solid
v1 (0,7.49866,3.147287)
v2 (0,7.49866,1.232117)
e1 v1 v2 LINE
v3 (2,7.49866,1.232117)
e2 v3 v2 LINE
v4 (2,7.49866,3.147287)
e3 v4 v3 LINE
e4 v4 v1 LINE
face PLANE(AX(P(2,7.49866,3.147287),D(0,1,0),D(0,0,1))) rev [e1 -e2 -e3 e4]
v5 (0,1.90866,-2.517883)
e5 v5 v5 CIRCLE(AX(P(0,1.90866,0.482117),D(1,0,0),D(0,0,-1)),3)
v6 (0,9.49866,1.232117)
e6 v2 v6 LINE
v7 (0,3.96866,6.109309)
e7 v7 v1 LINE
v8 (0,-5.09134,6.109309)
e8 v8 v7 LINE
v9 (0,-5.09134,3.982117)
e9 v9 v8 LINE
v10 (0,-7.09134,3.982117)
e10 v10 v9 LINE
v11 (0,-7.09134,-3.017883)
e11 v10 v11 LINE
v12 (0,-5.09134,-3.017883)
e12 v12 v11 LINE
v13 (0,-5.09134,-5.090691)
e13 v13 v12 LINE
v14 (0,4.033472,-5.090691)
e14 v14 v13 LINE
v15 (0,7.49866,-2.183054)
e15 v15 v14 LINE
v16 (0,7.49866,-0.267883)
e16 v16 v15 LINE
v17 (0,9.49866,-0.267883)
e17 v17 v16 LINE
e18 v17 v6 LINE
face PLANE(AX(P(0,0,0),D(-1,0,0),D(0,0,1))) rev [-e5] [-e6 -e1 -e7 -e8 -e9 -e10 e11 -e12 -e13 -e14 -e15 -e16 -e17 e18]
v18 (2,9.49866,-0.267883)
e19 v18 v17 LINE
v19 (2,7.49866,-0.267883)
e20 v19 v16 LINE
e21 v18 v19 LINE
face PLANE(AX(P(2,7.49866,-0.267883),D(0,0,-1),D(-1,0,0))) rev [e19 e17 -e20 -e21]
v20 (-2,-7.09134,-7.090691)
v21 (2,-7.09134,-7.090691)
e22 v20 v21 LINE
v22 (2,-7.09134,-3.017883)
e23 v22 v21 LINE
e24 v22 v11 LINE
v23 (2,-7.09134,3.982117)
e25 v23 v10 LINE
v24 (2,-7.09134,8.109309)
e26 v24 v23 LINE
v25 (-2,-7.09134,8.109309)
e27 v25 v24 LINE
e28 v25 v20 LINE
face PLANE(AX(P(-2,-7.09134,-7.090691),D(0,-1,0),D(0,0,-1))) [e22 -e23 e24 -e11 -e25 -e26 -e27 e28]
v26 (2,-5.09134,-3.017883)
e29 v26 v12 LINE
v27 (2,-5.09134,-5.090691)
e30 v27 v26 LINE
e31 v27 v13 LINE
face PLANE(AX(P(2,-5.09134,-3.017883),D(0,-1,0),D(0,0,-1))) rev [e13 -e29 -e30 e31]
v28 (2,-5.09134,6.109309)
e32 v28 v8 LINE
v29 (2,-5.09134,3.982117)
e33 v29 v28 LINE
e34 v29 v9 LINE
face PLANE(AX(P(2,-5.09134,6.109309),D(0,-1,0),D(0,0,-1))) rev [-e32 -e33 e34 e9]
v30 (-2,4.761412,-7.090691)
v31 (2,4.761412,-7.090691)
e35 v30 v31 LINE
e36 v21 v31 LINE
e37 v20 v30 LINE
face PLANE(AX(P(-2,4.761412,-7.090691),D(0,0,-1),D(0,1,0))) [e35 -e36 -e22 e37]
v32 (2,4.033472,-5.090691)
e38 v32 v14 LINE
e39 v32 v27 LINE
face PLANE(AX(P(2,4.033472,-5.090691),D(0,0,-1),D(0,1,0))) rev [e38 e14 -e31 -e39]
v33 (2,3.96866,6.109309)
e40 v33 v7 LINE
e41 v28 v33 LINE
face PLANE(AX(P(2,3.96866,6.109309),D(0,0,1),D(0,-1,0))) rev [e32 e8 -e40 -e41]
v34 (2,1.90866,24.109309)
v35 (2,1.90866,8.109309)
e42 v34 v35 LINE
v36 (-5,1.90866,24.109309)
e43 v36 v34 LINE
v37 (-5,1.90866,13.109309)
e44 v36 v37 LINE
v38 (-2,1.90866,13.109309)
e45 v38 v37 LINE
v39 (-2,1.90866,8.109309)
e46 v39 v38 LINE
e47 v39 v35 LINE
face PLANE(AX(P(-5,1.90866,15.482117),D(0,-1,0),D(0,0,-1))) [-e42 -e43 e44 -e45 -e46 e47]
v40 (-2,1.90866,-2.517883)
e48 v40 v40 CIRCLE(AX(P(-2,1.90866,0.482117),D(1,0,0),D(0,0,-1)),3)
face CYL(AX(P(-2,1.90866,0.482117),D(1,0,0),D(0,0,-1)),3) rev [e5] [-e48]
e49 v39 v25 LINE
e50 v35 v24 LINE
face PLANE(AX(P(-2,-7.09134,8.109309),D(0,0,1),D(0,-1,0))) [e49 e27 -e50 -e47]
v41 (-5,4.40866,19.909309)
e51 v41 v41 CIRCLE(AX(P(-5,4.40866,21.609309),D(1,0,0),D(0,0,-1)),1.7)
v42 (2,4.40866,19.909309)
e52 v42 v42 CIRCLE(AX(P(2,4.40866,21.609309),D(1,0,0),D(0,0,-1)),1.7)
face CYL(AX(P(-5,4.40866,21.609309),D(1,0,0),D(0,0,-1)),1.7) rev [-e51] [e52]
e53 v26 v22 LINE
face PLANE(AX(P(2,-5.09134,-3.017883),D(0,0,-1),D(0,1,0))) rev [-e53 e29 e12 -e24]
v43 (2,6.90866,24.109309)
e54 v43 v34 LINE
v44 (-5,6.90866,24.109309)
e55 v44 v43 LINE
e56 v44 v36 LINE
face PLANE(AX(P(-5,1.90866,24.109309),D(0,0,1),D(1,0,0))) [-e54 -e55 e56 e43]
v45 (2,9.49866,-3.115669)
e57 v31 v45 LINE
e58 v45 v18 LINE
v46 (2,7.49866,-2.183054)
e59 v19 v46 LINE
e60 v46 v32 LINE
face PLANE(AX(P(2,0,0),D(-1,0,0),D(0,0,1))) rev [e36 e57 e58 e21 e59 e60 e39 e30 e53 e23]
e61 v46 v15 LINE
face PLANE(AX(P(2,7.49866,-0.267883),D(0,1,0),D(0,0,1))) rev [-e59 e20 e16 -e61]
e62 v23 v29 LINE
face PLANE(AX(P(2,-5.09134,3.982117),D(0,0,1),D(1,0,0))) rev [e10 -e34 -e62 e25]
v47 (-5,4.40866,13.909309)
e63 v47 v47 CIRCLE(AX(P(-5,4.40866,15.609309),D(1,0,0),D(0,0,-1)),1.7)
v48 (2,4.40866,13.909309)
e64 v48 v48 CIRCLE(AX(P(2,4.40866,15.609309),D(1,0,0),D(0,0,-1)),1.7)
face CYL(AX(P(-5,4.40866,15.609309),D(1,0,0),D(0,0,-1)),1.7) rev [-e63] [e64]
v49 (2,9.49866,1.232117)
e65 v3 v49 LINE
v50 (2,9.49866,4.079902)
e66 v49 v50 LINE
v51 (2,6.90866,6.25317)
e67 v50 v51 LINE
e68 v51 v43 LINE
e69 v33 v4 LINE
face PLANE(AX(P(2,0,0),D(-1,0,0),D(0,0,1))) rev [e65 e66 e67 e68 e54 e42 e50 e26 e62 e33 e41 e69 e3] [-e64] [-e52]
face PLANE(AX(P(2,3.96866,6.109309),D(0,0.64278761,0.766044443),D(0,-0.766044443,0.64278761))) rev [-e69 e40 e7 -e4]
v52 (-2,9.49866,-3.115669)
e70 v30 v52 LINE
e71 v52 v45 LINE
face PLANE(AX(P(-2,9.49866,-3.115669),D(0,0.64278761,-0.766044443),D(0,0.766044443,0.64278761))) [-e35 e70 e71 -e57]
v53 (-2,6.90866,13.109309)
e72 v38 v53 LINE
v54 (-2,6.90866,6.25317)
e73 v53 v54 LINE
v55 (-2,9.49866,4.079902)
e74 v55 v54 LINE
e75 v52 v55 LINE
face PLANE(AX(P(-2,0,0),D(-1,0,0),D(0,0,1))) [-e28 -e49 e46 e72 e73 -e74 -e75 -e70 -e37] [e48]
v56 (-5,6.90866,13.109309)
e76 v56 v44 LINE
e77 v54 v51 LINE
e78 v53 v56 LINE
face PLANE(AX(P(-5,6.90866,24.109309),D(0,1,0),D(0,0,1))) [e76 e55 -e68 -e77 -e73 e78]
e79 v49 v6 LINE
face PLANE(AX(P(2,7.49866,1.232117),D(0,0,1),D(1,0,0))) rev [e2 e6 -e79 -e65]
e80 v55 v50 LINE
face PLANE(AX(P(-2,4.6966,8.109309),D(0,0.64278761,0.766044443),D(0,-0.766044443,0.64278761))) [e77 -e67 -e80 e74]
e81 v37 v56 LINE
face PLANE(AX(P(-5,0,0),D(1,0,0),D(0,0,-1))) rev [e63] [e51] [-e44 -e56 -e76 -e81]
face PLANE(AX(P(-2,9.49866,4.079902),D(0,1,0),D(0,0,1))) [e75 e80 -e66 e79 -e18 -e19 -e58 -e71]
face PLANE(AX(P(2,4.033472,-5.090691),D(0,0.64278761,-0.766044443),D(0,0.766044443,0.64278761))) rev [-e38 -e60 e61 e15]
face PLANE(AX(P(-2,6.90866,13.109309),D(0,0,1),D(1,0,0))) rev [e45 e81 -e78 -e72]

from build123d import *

# Parameters (mm, degrees)
BOSS_EXTRUDE1_DEPTH = 2
BOSS_EXTRUDE2_DEPTH = 2
SKETCH3_R           = 3
CUT_EXTRUDE1_DEPTH  = 2
SKETCH4_R           = 1.7
BOSS_EXTRUDE3_DEPTH = 7
CUT_EXTRUDE2_DEPTH  = 3


with BuildPart() as part:
    # Sketch2 → Boss-Extrude1 (new body)
    with BuildSketch(Plane(origin=(0, 0, 0), x_dir=(0, 0, -1), z_dir=(1, 0, 0))):
        Polygon((-8.109308511, -7.091340238), (-8.109308511, 4.696600231), (-4.079902129, 9.498659762), (3.11566899, 9.498659762), (7.090691489, 4.761412419), (7.090691489, -7.091340238), align=None)
    extrude(amount=-BOSS_EXTRUDE1_DEPTH)

    # Sketch1 → Boss-Extrude2 (add)
    with BuildSketch(Plane(origin=(0, 0, 0), x_dir=(0, 0, -1), z_dir=(1, 0, 0))):
        Polygon((-6.109308511, 3.968659762), (-3.147286813, 7.498659762), (-1.232116569, 7.498659762), (-1.232116569, 9.498659762), (-4.079902129, 9.498659762), (-8.109308511, 4.696600231), (-8.109308511, -7.091340238), (-3.982116569, -7.091340238), (-3.982116569, -5.091340238), (-6.109308511, -5.091340238), align=None)
        Polygon((5.090691489, 4.03347195), (5.090691489, -5.091340238), (3.017883431, -5.091340238), (3.017883431, -7.091340238), (7.090691489, -7.091340238), (7.090691489, 4.761412419), (3.11566899, 9.498659762), (0.267883431, 9.498659762), (0.267883431, 7.498659762), (2.183053674, 7.498659762), align=None)
    extrude(amount=BOSS_EXTRUDE2_DEPTH)

    # Sketch3 → Cut-Extrude1 (cut)
    with BuildSketch(Plane(origin=(0, 0, 0), x_dir=(0, 0, -1), z_dir=(1, 0, 0))):
        with Locations((-0.482116569, 1.908659762)):
            Circle(SKETCH3_R)
    extrude(amount=-CUT_EXTRUDE1_DEPTH, mode=Mode.SUBTRACT)

    # Sketch4 → Boss-Extrude3 (add)
    with BuildSketch(Plane(origin=(2, 0, 0), x_dir=(0, 0, -1), z_dir=(1, 0, 0))):
        Polygon((-15.482116569, 1.908659762), (-8.109308511, 1.908659762), (-8.109308511, 4.696600231), (-6.253170174, 6.908659762), (-20.486049047, 6.908659762), (-24.109308511, 6.908659762), (-24.109308511, 1.908659762), align=None)
        with Locations((-15.609308511, 4.408659762)):
            Circle(SKETCH4_R, mode=Mode.SUBTRACT)
        with Locations((-21.609308511, 4.408659762)):
            Circle(SKETCH4_R, mode=Mode.SUBTRACT)
    extrude(amount=-BOSS_EXTRUDE3_DEPTH)

    # Sketch5 → Cut-Extrude2 (cut)
    with BuildSketch(Plane.ZY.offset(5)):
        Polygon((8.109308511, 6.908659762), (6.253170174, 6.908659762), (8.109308511, 4.696600231), (8.109308511, 1.908659762), (13.109308511, 1.908659762), (13.109308511, 6.908659762), align=None)
    extrude(amount=-CUT_EXTRUDE2_DEPTH, mode=Mode.SUBTRACT)


solid = part.part
